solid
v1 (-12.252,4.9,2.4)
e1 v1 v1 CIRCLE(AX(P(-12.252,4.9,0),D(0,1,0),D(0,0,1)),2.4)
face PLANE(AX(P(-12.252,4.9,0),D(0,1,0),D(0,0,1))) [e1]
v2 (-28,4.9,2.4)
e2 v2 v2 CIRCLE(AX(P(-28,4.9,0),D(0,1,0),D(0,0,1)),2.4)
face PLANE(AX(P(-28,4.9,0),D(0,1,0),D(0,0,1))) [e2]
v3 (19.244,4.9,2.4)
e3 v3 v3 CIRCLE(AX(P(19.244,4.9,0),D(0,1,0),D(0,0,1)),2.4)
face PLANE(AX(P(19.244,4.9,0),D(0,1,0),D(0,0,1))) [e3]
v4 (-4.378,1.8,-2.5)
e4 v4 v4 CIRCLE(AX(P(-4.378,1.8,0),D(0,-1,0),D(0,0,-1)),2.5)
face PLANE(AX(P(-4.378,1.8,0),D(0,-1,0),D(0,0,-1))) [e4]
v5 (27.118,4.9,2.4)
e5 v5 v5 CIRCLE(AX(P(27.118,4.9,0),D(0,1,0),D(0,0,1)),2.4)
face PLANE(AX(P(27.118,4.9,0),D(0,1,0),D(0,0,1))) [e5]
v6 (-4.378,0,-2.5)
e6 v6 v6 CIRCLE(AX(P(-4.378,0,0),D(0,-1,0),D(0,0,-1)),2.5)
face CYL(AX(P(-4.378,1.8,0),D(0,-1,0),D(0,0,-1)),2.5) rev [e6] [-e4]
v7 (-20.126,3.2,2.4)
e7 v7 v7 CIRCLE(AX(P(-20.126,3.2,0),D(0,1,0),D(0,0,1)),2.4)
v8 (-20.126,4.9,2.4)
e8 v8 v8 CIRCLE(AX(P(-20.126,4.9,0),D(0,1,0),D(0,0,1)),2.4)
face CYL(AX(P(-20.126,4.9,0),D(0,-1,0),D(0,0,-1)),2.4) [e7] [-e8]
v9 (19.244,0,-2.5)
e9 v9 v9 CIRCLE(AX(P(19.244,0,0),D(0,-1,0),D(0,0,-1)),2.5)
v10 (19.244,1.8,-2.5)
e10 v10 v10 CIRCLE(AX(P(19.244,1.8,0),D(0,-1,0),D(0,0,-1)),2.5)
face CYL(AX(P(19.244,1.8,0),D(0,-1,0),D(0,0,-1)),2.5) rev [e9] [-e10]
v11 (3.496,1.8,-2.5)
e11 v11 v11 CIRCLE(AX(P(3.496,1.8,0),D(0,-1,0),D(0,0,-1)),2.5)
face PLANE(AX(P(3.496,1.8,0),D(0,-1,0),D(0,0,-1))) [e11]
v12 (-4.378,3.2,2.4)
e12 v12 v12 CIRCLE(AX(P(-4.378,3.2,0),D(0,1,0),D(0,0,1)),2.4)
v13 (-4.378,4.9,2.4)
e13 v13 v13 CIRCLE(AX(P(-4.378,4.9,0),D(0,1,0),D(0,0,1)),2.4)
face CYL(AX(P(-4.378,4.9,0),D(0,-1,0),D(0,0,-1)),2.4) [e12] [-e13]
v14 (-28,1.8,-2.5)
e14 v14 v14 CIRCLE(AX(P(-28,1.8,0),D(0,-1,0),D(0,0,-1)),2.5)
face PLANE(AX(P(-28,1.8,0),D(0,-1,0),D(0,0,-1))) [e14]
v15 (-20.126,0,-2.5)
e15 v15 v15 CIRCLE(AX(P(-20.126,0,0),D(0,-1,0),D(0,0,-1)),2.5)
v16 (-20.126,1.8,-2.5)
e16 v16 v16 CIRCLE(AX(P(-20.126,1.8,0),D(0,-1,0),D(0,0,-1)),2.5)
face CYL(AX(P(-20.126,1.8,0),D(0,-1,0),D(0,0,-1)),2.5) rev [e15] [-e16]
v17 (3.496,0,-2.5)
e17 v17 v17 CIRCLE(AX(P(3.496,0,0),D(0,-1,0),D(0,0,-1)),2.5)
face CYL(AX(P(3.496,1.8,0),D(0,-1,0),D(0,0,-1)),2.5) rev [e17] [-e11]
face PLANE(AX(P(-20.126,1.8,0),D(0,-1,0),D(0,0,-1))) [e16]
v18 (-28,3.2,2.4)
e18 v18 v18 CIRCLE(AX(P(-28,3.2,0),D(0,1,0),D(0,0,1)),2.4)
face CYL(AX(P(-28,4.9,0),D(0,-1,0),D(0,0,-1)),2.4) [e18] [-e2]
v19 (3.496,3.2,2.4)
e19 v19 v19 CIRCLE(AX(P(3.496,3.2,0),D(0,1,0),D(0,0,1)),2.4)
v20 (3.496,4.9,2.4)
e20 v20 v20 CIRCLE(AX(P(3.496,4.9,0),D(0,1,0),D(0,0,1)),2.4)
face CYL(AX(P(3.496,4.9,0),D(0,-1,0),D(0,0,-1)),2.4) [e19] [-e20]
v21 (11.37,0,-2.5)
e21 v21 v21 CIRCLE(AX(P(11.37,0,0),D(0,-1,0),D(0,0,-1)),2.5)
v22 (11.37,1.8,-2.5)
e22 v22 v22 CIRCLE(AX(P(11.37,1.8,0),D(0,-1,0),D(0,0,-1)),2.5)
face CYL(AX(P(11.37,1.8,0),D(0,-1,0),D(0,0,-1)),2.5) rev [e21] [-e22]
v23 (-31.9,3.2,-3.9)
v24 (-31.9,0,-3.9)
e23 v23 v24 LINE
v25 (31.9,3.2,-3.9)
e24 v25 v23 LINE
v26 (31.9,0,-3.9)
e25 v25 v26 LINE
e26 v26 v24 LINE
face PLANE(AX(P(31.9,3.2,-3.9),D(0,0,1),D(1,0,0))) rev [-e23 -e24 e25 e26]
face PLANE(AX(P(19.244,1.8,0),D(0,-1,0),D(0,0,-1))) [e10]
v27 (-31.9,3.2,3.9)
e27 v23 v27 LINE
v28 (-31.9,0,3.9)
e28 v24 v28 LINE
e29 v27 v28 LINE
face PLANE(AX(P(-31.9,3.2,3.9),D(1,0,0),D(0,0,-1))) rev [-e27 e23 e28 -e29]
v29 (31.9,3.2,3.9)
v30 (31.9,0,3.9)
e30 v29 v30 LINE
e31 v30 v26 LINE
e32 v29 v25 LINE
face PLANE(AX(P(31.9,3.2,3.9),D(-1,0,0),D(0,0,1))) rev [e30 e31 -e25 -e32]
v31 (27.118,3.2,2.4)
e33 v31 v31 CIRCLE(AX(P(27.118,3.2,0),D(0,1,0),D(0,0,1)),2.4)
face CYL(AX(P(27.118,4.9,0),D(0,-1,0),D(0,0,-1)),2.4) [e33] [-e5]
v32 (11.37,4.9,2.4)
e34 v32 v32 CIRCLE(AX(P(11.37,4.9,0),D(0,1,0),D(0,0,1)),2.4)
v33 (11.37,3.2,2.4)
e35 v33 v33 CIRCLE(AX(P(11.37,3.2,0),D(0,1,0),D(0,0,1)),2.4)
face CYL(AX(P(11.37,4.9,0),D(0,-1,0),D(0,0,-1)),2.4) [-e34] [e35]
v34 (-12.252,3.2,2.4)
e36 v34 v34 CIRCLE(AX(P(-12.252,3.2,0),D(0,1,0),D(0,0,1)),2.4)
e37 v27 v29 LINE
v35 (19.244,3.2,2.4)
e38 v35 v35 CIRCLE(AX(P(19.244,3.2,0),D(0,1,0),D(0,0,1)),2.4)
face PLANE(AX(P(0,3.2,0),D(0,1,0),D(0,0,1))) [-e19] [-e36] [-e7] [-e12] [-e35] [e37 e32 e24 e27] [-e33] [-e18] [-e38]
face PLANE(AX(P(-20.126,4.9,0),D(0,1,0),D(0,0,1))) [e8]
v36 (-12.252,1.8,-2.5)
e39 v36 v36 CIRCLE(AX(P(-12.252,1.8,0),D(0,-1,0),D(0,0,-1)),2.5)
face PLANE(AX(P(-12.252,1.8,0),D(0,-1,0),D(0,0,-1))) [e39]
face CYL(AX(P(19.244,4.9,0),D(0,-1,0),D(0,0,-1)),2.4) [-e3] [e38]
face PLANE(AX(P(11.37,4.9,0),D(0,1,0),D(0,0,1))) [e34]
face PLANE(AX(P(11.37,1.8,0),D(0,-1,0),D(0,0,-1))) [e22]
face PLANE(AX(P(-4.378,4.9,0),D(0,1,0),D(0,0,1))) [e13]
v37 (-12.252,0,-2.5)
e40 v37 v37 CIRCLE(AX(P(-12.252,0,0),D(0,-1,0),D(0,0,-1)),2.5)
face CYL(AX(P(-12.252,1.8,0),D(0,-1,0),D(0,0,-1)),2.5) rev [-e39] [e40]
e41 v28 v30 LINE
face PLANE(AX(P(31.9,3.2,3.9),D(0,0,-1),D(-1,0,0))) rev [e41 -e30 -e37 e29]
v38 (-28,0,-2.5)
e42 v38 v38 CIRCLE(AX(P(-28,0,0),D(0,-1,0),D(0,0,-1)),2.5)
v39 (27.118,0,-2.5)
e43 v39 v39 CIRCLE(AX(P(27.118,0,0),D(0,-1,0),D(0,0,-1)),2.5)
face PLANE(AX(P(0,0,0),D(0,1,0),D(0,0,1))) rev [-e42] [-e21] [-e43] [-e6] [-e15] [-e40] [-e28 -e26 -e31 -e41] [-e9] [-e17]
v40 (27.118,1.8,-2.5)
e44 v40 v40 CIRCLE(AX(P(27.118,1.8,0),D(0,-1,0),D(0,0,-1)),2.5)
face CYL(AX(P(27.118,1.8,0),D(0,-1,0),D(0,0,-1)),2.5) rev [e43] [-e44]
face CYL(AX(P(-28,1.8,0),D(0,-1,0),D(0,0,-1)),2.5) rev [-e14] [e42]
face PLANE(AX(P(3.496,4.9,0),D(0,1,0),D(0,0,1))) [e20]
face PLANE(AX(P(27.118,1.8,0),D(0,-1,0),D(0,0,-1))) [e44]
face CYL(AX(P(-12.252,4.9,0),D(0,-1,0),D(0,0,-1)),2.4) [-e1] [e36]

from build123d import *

# Parameters (mm, degrees)
SKETCH_1_W          = 63.8
SKETCH_1_H          = 7.8
EXTRUDE_1_DEPTH     = 3.2
SKETCH_2_R          = 2.4
EXTRUDE_2_DEPTH     = 1.7
SKETCH_3_R          = 2.5
CUT_EXTRUDE_1_DEPTH = 1.8


with BuildPart() as part:
    # Эскиз1 → Бобышка-Вытянуть1 (new body)
    with BuildSketch(Plane(origin=(0, 0, 0), x_dir=(1, 0, 0), z_dir=(0, 1, 0))):
        Rectangle(SKETCH_1_W, SKETCH_1_H)
    extrude(amount=EXTRUDE_1_DEPTH)

    # Эскиз2 → Бобышка-Вытянуть2 (add)
    with BuildSketch(Plane(origin=(0, 3.2, 0), x_dir=(1, 0, 0), z_dir=(0, 1, 0))):
        with Locations(Location((-28, 0, 0), (0, 0, 270))):
            Circle(SKETCH_2_R)
        with Locations(Location((-20.126, 0, 0), (0, 0, 270))):
            Circle(SKETCH_2_R)
        with Locations(Location((-12.252, 0, 0), (0, 0, 270))):
            Circle(SKETCH_2_R)
        with Locations(Location((-4.378, 0, 0), (0, 0, 270))):
            Circle(SKETCH_2_R)
        with Locations(Location((3.496, 0, 0), (0, 0, 270))):
            Circle(SKETCH_2_R)
        with Locations(Location((11.37, 0, 0), (0, 0, 270))):
            Circle(SKETCH_2_R)
        with Locations(Location((19.244, 0, 0), (0, 0, 270))):
            Circle(SKETCH_2_R)
        with Locations(Location((27.118, 0, 0), (0, 0, 270))):
            Circle(SKETCH_2_R)
    extrude(amount=EXTRUDE_2_DEPTH)

    # Эскиз3 → Вырез-Вытянуть1 (cut)
    with BuildSketch(Plane.XZ):
        with Locations(Location((-28, 0, 0), (0, 0, 270))):
            Circle(SKETCH_3_R)
        with Locations(Location((-20.126, 0, 0), (0, 0, 270))):
            Circle(SKETCH_3_R)
        with Locations(Location((-12.252, 0, 0), (0, 0, 270))):
            Circle(SKETCH_3_R)
        with Locations(Location((-4.378, 0, 0), (0, 0, 270))):
            Circle(SKETCH_3_R)
        with Locations(Location((3.496, 0, 0), (0, 0, 270))):
            Circle(SKETCH_3_R)
        with Locations(Location((11.37, 0, 0), (0, 0, 270))):
            Circle(SKETCH_3_R)
        with Locations(Location((19.244, 0, 0), (0, 0, 270))):
            Circle(SKETCH_3_R)
        with Locations(Location((27.118, 0, 0), (0, 0, 270))):
            Circle(SKETCH_3_R)
    extrude(amount=-CUT_EXTRUDE_1_DEPTH, mode=Mode.SUBTRACT)


solid = part.part
